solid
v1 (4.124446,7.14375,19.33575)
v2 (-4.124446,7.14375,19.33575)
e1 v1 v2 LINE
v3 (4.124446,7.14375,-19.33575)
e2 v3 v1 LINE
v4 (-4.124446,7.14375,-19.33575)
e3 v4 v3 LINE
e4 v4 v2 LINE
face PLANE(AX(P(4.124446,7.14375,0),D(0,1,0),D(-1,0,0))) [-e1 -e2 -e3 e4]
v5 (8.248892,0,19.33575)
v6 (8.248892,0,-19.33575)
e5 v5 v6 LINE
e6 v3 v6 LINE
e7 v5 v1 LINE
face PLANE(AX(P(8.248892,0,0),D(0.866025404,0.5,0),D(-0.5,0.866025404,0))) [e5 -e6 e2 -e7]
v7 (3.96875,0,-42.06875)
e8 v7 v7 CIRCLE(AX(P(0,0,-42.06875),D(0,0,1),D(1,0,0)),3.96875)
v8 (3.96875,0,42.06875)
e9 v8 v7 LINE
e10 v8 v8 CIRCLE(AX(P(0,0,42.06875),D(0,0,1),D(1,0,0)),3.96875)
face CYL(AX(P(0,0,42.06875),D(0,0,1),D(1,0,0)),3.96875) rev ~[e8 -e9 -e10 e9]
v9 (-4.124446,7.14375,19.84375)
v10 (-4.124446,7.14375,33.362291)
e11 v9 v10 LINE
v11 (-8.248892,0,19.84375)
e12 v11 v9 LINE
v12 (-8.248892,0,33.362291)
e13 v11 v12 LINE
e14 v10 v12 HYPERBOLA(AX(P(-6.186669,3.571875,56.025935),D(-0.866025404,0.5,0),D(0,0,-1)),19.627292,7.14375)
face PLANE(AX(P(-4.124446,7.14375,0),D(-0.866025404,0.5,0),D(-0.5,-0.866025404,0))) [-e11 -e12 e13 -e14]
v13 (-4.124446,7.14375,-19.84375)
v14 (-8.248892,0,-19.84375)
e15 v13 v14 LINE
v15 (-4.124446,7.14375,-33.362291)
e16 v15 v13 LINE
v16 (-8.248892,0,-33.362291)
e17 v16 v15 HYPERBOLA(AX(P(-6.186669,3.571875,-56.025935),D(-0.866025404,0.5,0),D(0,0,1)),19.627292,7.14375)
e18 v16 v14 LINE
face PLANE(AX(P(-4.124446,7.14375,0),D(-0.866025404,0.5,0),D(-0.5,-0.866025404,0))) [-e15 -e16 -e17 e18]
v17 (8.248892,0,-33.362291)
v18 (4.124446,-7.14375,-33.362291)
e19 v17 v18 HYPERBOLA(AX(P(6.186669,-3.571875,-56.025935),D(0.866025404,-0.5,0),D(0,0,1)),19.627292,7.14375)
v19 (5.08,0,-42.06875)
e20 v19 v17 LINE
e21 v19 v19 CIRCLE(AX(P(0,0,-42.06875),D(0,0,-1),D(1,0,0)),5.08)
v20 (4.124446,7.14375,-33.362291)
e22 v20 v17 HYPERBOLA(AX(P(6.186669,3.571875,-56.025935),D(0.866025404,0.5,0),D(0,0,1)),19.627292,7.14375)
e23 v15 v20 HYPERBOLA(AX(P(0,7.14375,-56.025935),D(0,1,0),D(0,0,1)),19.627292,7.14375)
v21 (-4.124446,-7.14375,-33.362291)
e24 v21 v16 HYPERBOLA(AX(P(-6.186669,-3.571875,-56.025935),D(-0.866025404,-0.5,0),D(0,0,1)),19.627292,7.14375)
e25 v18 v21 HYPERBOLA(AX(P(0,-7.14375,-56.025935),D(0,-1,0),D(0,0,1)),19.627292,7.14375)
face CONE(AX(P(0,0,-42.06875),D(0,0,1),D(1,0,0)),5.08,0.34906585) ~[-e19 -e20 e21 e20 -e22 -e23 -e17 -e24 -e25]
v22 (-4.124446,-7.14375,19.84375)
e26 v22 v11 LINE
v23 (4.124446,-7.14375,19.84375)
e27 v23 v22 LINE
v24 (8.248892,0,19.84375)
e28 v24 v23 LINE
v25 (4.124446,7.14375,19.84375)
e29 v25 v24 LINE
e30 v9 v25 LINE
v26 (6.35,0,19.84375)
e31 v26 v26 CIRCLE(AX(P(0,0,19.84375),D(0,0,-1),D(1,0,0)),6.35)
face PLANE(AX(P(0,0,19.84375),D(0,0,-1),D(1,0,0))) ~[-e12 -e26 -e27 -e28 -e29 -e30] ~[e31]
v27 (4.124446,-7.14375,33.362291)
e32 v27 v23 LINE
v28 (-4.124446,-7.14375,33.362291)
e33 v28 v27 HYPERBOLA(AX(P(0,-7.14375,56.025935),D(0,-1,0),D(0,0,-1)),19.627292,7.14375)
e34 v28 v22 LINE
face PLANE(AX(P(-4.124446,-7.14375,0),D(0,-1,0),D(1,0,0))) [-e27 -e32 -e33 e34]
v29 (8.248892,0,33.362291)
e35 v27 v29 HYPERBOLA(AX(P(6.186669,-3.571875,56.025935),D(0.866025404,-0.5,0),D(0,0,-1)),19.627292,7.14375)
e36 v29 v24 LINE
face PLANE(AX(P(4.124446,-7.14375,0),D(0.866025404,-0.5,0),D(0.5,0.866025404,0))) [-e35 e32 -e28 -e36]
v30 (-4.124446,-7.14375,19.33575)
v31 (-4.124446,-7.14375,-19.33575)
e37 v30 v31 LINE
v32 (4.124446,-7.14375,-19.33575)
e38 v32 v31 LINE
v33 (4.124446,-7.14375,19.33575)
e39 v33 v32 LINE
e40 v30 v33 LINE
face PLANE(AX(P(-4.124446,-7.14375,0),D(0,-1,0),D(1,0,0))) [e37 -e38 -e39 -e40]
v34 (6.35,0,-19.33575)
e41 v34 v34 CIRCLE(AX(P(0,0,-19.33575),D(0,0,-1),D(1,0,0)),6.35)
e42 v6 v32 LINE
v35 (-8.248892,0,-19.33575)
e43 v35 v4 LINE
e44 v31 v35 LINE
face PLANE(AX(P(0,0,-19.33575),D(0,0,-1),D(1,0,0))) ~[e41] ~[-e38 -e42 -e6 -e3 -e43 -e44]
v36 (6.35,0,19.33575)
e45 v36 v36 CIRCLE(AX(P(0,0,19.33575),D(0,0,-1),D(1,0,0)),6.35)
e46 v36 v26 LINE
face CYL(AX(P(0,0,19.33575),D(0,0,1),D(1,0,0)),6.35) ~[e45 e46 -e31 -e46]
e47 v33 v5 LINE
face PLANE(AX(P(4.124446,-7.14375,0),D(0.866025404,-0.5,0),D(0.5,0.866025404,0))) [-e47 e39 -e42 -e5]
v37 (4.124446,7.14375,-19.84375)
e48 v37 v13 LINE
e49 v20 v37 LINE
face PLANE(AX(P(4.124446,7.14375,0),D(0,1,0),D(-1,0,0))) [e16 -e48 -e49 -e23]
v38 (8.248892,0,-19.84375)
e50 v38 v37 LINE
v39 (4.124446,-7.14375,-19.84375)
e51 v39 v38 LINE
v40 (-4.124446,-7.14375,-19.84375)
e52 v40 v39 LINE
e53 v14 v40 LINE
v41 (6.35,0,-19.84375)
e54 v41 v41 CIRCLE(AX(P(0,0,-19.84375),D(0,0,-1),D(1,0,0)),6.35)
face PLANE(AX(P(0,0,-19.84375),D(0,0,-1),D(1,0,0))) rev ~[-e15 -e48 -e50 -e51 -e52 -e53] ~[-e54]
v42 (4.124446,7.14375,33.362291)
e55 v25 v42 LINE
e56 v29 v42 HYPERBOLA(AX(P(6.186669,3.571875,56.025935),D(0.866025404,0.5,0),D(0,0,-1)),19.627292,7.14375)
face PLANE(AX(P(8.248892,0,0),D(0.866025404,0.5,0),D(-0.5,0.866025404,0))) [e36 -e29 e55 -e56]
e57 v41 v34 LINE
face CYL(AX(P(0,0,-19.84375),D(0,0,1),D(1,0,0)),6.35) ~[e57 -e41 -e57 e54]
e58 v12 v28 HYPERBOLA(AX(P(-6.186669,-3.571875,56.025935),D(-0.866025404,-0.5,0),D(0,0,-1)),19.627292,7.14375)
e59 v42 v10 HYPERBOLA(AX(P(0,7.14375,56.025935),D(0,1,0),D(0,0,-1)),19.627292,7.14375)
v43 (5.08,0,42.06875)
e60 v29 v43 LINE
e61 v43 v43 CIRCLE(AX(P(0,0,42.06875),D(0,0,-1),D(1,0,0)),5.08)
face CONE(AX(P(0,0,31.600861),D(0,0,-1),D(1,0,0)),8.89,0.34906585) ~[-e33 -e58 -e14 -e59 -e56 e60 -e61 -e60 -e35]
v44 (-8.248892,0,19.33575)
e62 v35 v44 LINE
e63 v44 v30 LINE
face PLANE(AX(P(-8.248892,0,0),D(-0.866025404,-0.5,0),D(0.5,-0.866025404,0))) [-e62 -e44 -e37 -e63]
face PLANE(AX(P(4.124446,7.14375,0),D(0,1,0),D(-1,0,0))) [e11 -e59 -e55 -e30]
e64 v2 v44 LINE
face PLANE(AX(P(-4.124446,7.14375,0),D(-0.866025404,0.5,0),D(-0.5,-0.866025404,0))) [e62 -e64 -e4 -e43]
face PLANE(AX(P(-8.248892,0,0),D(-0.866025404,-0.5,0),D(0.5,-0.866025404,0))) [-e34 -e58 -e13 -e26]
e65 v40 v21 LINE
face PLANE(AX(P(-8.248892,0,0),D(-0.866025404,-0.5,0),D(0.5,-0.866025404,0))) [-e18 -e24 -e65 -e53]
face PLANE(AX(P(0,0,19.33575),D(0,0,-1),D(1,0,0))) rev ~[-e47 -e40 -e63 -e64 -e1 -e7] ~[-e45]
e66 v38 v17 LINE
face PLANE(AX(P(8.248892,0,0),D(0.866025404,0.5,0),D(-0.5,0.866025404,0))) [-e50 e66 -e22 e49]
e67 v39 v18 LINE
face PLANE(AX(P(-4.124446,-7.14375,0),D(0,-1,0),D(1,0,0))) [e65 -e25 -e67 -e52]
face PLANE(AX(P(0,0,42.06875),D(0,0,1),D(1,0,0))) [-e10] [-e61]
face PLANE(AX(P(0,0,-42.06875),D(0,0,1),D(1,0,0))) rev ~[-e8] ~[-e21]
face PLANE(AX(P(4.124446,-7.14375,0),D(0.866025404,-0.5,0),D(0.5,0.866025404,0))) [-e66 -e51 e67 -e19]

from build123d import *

# Parameters (mm, degrees)
BASE_EXTRUDE_DEPTH = 42.06875
SKETCH3_R          = 3.96875
CUT_EXTRUDE1_DEPTH = 85.842184608


with BuildPart() as part:
    # Sketch1 → Base-Extrude (new, symmetric)
    with BuildSketch(Plane.XY):
        Polygon((8.248891971, 0), (4.124445986, 7.14375), (-4.124445986, 7.14375), (-8.248891971, 0), (-4.124445986, -7.14375), (4.124445986, -7.14375), align=None)
    extrude(amount=BASE_EXTRUDE_DEPTH, both=True)

    # Sketch2 → Cut-Revolve1 (revolve, cut)
    with BuildSketch(Plane(origin=(0, 0, 0), x_dir=(0, 0, -1), z_dir=(1, 0, 0)), mode=Mode.PRIVATE) as cut_revolve1_sk:
        Polygon((19.84375, 6.35), (19.33575, 6.35), (19.33575, 8.89), (-19.33575, 8.89), (-19.33575, 6.35), (-19.84375, 6.35), (-19.84375, 8.89), (-31.600861032, 8.89), (-42.06875, 5.08), (-42.06875, 18.081978304), (42.06875, 18.081978304), (42.06875, 5.08), (31.600861032, 8.89), (19.84375, 8.89), align=None)
    revolve(cut_revolve1_sk.sketch.rotate(Axis((0, 0, 64.541972625), (0, 0, -1)), 90), axis=Axis((0, 0, 64.541972625), (0, 0, -1)), mode=Mode.SUBTRACT)

    # Sketch3 → Cut-Extrude1 (cut, through all)
    with BuildSketch(Plane.XY.offset(42.06875)):
        Circle(SKETCH3_R)
    extrude(amount=-CUT_EXTRUDE1_DEPTH, mode=Mode.SUBTRACT)


solid = part.part
